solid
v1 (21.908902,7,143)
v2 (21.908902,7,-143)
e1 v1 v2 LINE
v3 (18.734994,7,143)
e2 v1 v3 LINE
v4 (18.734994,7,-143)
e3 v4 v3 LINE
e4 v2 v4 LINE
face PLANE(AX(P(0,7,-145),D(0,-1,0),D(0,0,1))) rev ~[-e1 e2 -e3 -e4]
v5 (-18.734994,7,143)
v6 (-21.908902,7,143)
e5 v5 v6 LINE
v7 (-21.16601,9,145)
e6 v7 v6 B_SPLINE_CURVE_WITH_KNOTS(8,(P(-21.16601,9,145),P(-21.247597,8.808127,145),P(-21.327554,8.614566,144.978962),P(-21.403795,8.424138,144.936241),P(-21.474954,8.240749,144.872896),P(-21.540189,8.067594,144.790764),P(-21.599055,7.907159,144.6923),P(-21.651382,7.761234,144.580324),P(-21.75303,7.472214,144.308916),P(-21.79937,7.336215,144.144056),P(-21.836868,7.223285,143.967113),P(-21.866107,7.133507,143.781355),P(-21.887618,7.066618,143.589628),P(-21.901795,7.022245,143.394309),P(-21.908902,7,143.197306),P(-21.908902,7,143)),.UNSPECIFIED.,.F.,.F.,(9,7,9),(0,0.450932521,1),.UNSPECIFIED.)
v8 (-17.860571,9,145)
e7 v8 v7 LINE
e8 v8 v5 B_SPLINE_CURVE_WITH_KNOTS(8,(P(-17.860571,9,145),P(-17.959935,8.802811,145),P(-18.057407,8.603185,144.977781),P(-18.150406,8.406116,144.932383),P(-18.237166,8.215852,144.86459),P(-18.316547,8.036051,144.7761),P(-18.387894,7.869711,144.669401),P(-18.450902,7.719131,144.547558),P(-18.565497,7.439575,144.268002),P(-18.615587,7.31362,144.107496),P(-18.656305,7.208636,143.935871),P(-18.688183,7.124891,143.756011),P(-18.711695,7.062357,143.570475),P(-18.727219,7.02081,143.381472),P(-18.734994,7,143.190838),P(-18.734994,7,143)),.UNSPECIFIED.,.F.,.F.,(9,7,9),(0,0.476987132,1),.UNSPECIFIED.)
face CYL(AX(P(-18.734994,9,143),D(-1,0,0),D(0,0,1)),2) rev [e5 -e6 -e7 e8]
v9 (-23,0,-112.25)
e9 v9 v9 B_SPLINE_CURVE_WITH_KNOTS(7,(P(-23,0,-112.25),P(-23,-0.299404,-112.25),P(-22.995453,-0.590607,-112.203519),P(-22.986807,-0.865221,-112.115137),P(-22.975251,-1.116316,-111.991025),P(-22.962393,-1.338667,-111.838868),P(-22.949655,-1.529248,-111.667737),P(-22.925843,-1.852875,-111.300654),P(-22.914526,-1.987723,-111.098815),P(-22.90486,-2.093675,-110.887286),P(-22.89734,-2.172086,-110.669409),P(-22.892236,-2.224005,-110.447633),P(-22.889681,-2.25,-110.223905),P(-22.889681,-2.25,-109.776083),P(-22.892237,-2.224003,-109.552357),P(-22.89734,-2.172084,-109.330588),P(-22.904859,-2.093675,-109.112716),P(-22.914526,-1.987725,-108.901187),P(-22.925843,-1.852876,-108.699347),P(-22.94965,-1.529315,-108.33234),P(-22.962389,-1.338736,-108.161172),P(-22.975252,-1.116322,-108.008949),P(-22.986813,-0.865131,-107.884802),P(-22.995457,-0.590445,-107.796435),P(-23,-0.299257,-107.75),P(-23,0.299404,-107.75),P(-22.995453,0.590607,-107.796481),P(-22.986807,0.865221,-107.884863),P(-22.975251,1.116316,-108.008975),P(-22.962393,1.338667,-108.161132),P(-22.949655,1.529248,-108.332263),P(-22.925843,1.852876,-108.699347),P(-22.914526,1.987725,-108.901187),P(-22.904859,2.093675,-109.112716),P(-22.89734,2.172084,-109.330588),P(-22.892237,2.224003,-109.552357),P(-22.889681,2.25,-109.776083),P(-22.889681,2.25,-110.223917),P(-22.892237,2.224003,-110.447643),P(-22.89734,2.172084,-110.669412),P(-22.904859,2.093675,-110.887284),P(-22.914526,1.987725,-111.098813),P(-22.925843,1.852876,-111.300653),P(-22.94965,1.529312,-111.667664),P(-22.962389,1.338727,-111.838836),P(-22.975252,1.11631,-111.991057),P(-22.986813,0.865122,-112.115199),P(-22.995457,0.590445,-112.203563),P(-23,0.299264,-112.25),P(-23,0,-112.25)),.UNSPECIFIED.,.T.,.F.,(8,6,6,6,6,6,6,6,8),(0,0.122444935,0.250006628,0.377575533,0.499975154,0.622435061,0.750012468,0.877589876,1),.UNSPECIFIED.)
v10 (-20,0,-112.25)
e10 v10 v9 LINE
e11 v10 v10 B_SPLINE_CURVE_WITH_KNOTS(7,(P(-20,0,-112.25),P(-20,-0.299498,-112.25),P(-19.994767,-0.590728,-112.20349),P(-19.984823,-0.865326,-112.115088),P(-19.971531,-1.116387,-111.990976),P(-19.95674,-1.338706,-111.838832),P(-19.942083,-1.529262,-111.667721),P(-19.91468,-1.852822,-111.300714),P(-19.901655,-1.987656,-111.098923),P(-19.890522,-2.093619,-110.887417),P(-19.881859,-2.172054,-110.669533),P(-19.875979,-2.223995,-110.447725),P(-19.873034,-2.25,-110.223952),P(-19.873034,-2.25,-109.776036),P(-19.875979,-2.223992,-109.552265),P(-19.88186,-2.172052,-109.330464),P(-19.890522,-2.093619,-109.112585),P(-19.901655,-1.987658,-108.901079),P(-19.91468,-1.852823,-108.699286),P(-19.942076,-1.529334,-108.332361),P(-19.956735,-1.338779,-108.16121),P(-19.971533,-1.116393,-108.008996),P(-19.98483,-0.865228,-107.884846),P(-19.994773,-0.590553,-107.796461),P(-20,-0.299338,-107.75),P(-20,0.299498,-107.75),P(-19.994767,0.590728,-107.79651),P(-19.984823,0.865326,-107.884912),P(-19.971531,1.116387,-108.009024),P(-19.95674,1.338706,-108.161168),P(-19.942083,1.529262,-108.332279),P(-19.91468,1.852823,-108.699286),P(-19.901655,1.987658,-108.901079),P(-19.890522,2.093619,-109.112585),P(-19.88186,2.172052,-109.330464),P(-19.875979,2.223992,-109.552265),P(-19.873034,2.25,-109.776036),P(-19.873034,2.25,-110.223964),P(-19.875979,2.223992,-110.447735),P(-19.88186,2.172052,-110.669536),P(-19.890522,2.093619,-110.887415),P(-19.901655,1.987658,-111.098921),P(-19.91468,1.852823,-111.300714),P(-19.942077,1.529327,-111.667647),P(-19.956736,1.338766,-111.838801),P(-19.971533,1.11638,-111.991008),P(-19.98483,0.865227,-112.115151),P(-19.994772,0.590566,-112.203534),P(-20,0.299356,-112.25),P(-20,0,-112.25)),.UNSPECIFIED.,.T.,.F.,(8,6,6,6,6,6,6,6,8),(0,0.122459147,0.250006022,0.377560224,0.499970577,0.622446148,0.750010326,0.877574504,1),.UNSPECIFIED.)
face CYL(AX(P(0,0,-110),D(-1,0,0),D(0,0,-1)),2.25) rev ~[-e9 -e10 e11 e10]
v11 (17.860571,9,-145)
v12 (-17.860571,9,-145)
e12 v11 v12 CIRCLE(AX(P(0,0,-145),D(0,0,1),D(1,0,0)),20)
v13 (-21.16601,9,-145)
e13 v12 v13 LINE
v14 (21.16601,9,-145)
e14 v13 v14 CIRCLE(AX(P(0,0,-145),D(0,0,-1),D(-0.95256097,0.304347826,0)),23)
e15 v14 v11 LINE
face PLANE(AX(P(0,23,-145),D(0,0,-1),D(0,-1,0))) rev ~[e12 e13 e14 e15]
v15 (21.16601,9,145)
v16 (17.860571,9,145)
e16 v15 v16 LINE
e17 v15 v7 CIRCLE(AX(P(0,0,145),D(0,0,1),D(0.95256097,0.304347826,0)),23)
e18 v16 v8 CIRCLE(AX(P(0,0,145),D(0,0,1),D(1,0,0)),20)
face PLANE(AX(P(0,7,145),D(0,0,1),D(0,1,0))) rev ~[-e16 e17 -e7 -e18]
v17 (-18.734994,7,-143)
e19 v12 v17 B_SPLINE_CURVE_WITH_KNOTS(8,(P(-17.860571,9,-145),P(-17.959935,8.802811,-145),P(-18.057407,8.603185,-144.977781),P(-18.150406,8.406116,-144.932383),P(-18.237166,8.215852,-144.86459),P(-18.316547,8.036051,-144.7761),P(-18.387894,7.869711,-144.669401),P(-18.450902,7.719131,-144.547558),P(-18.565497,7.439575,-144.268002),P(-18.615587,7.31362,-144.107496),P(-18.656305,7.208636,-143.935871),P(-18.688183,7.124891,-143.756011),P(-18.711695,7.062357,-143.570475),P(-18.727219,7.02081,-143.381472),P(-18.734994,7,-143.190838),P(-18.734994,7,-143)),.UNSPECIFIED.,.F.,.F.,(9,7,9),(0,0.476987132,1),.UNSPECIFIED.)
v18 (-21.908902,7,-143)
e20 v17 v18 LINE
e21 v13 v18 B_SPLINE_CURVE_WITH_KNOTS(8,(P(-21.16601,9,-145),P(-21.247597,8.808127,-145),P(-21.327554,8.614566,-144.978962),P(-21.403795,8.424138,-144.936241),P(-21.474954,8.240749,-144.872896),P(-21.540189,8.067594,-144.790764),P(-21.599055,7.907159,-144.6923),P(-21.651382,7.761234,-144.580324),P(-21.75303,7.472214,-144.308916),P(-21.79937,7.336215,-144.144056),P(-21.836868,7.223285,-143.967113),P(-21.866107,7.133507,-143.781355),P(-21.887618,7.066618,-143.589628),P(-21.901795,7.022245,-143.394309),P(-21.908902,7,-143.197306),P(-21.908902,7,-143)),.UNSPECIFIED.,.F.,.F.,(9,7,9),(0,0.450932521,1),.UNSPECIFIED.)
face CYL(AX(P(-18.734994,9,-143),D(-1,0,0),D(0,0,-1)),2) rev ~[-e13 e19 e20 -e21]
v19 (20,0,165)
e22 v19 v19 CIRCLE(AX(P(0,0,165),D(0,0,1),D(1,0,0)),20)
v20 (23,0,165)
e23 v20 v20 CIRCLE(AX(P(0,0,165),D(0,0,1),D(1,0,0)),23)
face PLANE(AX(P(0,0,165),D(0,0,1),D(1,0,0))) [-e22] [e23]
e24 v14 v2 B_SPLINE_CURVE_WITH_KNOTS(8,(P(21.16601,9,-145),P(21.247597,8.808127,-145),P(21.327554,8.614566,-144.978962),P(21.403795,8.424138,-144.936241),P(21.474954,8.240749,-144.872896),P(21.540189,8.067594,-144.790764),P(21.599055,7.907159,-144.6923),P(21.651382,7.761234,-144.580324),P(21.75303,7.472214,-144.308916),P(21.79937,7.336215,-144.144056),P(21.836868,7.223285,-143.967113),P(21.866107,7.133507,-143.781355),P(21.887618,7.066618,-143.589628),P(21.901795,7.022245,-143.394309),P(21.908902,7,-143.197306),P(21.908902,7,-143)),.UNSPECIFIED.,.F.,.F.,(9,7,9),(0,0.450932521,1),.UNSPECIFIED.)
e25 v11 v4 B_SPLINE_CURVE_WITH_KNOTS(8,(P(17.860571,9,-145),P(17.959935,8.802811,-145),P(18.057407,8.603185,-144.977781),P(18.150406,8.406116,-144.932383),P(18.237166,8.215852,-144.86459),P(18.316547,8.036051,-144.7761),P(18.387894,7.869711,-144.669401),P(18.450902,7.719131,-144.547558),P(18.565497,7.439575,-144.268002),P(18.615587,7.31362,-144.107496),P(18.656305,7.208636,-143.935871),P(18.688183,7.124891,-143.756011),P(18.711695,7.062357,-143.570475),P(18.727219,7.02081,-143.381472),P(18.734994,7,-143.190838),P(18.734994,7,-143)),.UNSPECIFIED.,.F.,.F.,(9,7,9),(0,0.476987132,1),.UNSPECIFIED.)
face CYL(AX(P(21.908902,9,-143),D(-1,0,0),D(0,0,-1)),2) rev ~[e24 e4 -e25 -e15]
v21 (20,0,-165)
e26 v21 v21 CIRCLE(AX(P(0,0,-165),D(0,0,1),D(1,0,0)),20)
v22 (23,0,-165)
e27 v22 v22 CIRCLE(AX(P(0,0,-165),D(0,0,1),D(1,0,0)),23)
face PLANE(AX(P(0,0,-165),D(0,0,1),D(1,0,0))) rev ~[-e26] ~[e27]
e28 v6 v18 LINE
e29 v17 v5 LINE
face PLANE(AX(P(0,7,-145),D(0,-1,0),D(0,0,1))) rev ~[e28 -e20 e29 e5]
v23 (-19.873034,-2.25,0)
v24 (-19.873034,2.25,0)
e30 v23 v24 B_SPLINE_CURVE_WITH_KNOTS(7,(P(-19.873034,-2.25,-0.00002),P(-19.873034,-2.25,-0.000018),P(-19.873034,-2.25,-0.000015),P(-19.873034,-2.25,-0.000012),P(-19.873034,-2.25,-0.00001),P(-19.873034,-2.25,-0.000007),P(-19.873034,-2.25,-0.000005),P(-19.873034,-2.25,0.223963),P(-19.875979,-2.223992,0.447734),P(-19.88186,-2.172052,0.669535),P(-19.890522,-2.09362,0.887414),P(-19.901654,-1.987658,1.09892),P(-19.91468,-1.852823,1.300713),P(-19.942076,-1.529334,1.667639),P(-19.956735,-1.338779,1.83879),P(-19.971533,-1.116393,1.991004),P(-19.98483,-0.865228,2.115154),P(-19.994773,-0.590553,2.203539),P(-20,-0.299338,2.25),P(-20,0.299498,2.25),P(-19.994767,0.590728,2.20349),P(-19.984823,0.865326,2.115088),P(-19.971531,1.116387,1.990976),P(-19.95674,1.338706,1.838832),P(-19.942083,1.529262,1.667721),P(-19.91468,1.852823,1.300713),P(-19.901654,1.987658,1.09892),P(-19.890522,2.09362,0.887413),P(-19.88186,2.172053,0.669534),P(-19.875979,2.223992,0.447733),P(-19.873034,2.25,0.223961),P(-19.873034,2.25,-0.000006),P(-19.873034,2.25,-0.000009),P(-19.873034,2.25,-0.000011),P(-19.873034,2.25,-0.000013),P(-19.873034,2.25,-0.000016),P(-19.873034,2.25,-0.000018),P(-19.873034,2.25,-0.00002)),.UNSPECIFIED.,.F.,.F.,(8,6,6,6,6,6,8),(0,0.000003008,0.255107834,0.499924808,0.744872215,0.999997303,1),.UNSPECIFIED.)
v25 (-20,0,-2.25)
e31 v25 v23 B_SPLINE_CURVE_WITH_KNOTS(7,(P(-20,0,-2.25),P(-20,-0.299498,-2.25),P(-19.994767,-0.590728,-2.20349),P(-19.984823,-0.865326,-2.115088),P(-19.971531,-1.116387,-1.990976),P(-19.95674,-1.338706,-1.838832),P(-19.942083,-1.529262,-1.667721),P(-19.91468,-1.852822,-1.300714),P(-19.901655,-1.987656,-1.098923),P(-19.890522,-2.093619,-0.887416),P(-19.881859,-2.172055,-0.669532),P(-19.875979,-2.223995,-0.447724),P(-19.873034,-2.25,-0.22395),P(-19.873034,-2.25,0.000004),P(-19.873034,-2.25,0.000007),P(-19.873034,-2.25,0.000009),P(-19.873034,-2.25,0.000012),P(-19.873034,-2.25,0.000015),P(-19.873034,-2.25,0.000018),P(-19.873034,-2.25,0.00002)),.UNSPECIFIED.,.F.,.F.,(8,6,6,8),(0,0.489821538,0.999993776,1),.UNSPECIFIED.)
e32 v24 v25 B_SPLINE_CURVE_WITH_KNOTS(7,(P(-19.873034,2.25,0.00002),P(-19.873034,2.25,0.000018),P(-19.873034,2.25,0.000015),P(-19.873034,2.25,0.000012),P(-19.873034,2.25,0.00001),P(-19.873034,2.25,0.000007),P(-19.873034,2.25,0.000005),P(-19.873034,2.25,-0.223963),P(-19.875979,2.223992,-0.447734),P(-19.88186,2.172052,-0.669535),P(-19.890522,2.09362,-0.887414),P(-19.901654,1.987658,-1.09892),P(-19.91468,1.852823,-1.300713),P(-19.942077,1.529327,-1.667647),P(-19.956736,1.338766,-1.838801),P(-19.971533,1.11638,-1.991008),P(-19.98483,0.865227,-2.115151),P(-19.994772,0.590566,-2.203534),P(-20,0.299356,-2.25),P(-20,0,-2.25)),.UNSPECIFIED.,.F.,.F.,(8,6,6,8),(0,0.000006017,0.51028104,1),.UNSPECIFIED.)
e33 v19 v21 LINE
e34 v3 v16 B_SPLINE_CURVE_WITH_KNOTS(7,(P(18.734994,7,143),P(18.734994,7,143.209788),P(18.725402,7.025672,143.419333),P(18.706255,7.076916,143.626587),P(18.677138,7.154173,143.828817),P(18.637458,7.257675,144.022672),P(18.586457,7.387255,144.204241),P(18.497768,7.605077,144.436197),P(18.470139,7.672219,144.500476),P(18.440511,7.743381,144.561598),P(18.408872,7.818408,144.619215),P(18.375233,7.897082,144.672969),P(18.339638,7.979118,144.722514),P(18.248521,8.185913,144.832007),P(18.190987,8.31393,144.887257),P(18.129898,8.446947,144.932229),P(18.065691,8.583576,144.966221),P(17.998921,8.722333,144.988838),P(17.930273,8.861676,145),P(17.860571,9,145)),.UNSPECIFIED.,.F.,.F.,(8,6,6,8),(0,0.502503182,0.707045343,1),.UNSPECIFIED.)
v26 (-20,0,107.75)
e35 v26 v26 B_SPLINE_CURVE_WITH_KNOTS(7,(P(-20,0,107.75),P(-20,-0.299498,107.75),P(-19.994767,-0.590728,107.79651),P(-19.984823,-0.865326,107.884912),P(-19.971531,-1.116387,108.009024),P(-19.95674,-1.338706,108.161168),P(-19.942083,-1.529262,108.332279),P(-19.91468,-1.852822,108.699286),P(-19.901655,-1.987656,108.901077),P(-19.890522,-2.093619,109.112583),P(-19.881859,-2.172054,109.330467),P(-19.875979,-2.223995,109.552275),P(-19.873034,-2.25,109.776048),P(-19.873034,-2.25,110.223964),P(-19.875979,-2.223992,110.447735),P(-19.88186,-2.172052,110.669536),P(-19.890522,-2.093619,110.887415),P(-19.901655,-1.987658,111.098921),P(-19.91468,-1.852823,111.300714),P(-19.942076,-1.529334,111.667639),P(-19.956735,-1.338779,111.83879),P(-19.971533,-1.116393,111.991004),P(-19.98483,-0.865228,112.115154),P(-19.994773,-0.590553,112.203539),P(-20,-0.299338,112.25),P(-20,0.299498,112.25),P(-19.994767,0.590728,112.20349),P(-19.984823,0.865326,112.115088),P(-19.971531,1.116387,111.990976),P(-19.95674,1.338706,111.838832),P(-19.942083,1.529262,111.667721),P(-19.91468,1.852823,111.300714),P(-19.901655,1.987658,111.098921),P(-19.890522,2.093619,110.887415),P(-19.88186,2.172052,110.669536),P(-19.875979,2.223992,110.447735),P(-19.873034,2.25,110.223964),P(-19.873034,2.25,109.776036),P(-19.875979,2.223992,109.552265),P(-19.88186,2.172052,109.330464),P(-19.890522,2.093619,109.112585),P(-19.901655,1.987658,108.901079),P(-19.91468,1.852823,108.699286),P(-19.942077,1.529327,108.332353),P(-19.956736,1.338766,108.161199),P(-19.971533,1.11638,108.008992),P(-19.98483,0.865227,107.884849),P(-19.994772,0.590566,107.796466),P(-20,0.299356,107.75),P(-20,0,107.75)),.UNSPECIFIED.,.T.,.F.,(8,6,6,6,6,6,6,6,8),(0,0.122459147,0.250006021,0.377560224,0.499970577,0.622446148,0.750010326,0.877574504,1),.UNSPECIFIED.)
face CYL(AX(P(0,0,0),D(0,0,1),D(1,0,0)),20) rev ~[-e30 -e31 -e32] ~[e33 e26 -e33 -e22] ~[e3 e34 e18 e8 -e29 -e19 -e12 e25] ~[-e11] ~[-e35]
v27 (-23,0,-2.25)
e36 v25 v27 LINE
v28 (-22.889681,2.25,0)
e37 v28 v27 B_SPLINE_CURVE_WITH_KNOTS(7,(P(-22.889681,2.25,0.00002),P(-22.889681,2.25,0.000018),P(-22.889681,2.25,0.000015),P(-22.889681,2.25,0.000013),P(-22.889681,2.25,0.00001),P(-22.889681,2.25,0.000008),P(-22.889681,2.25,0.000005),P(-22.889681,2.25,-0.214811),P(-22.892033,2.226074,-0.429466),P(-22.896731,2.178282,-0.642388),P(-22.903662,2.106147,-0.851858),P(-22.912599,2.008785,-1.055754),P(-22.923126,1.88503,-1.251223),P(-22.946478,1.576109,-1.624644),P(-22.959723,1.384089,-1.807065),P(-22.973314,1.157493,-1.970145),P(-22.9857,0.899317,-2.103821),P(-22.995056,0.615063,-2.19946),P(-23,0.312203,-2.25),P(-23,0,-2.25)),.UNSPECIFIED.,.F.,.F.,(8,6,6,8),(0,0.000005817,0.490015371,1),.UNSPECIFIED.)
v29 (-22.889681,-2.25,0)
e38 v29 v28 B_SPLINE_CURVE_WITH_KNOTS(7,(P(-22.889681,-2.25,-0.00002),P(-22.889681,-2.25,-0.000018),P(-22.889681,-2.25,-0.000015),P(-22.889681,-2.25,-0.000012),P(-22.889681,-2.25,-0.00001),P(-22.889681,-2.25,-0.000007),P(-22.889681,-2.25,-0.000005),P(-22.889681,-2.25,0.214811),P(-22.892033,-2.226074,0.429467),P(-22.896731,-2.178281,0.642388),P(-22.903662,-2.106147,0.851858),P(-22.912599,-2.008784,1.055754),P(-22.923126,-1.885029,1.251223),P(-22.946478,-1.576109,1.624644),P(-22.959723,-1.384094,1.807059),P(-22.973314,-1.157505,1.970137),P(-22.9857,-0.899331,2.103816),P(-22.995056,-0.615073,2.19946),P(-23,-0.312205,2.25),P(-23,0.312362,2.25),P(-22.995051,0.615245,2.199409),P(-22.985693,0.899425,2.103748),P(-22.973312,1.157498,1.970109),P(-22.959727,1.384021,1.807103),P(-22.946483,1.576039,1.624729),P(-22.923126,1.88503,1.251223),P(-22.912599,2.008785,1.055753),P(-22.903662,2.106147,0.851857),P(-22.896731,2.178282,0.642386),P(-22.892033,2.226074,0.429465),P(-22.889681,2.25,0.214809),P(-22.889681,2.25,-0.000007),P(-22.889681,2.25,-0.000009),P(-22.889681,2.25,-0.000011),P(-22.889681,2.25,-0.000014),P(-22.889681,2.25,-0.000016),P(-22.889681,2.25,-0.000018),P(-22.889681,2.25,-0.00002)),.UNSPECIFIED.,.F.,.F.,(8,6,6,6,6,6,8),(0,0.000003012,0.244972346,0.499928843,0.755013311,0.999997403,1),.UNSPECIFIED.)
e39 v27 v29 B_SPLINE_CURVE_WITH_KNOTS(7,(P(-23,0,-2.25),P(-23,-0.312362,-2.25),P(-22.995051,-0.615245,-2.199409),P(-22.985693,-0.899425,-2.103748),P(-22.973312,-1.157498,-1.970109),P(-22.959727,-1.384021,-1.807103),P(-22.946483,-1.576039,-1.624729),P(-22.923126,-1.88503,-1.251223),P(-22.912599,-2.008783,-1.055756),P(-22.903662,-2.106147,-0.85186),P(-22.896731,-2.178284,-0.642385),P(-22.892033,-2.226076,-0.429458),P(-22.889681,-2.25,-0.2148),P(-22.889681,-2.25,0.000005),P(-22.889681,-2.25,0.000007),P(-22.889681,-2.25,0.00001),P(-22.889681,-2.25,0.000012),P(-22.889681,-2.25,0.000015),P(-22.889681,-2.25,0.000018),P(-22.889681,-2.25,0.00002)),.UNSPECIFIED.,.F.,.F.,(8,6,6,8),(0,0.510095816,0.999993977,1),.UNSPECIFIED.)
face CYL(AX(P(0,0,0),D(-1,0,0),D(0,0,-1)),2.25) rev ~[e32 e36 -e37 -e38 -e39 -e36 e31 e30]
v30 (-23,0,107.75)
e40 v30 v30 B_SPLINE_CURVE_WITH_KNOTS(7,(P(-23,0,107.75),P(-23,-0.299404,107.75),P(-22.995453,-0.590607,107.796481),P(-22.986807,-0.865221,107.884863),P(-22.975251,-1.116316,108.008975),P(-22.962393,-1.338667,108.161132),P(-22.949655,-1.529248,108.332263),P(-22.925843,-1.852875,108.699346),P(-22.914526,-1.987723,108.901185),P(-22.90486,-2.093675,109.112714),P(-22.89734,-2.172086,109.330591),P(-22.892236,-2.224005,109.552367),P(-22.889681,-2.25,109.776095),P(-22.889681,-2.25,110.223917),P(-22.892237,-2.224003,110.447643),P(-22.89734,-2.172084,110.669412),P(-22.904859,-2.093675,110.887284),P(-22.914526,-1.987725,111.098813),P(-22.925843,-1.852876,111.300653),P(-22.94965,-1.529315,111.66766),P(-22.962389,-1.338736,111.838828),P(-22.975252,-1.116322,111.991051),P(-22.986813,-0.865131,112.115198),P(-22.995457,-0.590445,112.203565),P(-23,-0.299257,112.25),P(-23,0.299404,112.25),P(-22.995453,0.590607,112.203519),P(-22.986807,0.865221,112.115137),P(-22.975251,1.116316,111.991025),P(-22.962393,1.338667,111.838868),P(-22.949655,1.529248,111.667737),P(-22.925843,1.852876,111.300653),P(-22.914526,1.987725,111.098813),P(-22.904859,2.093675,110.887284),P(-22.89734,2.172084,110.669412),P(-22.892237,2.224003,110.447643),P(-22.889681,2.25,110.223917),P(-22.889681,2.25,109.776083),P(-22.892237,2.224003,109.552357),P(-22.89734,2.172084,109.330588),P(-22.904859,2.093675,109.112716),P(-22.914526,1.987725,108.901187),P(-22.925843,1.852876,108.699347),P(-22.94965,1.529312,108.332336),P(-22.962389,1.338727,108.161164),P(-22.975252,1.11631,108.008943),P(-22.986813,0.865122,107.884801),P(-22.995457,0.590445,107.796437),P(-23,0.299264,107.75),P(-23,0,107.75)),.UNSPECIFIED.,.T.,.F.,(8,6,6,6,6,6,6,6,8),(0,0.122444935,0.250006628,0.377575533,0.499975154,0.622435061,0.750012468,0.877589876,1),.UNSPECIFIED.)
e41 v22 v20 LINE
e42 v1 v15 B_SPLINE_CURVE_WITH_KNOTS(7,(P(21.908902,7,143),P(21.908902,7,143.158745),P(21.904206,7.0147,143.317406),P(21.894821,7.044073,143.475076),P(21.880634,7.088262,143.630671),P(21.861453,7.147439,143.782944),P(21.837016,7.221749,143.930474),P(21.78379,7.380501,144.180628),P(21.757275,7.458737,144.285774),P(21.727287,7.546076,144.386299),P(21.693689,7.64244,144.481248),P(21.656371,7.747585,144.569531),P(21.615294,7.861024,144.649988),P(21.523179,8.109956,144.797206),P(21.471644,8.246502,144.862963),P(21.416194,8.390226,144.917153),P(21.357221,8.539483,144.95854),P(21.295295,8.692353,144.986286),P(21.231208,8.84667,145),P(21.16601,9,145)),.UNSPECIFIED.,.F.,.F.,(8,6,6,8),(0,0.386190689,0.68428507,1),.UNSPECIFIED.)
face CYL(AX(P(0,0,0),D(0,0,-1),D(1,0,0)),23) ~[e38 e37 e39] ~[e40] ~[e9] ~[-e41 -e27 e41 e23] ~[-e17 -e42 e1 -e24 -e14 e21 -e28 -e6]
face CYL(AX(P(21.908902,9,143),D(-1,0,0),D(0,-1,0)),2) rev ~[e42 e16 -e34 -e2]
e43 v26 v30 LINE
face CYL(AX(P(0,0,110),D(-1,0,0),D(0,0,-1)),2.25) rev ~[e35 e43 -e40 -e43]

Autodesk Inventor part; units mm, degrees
ref_plane "YZ Plane" through (0, 0, 0) normal (1, 0, 0) x (0, 1, 0)
ref_plane "XZ Plane" through (0, 0, 0) normal (0, 1, 0) x (-1, 0, 0)
ref_plane "XY Plane" through (0, 0, 0) normal (0, 0, 1) x (1, 0, 0)
sketch "Sketch1" plane through (0, 0, 0) normal (0, 0, 1) x (1, 0, 0)
  circle A0 centre (0, 0) radius 20
  circle A1 centre (0, 0) radius 23
  dimension "d0" = 40
  dimension "d1" = 46
extrude "Extrusion1" add sketch "Sketch1" along normal mid plane 330
sketch "Sketch2" plane through (0, 0, 0) normal (1, 0, 0) x (0, 1, 0)
  line L0 (0, 210) -> (0, -210) projected
  line L1 (-210, 0) -> (210, 0) projected
  point P0 (0, 0)
  point P1 (0, 110)
  point P2 (0, 0)
  point P3 (0, -110)
  dimension "d4" = 110
  dimension "d5" = 110
hole "Hole1" at (0, 0, 110) at (0, 0, 0) at (0, 0, -110) direction (-1, 0, 0) diameter 4.5 end through all clearance for "Flat Head Machine Screw" size "M4" standard "Ansi Metric M Profile"
sketch "Sketch3" plane through (0, 0, 0) normal (1, 0, 0) x (0, 1, 0)
  line L0 (23, -145) -> (7, -145)
  line L1 (7, -145) -> (7, 145)
  line L2 (7, 145) -> (23, 145)
  line L3 (23, 145) -> (23, -145)
  line L4 (23, 165) -> (-23, 165) projected
  line L5 (-23, -165) -> (23, -165) projected
  line L6 (0, 297.5) -> (0, -297.5) projected
  point P0 (0, 0)
  dimension "d13" = 20
  dimension "d14" = 20
  dimension "d15" = 7
extrude "Extrusion2" cut sketch "Sketch3" along normal through all both and the other way through all
fillet "Fillet1" radius 2 4 edges at (20.3219, 7, -145) (-20.3219, 7, -145) (20.3219, 7, 145) (-20.3219, 7, 145)
equation "\"d5\" = d4"
properties part number "Pancake_Tilt Pipe_3 Lanes" material "PVC-Piping"
